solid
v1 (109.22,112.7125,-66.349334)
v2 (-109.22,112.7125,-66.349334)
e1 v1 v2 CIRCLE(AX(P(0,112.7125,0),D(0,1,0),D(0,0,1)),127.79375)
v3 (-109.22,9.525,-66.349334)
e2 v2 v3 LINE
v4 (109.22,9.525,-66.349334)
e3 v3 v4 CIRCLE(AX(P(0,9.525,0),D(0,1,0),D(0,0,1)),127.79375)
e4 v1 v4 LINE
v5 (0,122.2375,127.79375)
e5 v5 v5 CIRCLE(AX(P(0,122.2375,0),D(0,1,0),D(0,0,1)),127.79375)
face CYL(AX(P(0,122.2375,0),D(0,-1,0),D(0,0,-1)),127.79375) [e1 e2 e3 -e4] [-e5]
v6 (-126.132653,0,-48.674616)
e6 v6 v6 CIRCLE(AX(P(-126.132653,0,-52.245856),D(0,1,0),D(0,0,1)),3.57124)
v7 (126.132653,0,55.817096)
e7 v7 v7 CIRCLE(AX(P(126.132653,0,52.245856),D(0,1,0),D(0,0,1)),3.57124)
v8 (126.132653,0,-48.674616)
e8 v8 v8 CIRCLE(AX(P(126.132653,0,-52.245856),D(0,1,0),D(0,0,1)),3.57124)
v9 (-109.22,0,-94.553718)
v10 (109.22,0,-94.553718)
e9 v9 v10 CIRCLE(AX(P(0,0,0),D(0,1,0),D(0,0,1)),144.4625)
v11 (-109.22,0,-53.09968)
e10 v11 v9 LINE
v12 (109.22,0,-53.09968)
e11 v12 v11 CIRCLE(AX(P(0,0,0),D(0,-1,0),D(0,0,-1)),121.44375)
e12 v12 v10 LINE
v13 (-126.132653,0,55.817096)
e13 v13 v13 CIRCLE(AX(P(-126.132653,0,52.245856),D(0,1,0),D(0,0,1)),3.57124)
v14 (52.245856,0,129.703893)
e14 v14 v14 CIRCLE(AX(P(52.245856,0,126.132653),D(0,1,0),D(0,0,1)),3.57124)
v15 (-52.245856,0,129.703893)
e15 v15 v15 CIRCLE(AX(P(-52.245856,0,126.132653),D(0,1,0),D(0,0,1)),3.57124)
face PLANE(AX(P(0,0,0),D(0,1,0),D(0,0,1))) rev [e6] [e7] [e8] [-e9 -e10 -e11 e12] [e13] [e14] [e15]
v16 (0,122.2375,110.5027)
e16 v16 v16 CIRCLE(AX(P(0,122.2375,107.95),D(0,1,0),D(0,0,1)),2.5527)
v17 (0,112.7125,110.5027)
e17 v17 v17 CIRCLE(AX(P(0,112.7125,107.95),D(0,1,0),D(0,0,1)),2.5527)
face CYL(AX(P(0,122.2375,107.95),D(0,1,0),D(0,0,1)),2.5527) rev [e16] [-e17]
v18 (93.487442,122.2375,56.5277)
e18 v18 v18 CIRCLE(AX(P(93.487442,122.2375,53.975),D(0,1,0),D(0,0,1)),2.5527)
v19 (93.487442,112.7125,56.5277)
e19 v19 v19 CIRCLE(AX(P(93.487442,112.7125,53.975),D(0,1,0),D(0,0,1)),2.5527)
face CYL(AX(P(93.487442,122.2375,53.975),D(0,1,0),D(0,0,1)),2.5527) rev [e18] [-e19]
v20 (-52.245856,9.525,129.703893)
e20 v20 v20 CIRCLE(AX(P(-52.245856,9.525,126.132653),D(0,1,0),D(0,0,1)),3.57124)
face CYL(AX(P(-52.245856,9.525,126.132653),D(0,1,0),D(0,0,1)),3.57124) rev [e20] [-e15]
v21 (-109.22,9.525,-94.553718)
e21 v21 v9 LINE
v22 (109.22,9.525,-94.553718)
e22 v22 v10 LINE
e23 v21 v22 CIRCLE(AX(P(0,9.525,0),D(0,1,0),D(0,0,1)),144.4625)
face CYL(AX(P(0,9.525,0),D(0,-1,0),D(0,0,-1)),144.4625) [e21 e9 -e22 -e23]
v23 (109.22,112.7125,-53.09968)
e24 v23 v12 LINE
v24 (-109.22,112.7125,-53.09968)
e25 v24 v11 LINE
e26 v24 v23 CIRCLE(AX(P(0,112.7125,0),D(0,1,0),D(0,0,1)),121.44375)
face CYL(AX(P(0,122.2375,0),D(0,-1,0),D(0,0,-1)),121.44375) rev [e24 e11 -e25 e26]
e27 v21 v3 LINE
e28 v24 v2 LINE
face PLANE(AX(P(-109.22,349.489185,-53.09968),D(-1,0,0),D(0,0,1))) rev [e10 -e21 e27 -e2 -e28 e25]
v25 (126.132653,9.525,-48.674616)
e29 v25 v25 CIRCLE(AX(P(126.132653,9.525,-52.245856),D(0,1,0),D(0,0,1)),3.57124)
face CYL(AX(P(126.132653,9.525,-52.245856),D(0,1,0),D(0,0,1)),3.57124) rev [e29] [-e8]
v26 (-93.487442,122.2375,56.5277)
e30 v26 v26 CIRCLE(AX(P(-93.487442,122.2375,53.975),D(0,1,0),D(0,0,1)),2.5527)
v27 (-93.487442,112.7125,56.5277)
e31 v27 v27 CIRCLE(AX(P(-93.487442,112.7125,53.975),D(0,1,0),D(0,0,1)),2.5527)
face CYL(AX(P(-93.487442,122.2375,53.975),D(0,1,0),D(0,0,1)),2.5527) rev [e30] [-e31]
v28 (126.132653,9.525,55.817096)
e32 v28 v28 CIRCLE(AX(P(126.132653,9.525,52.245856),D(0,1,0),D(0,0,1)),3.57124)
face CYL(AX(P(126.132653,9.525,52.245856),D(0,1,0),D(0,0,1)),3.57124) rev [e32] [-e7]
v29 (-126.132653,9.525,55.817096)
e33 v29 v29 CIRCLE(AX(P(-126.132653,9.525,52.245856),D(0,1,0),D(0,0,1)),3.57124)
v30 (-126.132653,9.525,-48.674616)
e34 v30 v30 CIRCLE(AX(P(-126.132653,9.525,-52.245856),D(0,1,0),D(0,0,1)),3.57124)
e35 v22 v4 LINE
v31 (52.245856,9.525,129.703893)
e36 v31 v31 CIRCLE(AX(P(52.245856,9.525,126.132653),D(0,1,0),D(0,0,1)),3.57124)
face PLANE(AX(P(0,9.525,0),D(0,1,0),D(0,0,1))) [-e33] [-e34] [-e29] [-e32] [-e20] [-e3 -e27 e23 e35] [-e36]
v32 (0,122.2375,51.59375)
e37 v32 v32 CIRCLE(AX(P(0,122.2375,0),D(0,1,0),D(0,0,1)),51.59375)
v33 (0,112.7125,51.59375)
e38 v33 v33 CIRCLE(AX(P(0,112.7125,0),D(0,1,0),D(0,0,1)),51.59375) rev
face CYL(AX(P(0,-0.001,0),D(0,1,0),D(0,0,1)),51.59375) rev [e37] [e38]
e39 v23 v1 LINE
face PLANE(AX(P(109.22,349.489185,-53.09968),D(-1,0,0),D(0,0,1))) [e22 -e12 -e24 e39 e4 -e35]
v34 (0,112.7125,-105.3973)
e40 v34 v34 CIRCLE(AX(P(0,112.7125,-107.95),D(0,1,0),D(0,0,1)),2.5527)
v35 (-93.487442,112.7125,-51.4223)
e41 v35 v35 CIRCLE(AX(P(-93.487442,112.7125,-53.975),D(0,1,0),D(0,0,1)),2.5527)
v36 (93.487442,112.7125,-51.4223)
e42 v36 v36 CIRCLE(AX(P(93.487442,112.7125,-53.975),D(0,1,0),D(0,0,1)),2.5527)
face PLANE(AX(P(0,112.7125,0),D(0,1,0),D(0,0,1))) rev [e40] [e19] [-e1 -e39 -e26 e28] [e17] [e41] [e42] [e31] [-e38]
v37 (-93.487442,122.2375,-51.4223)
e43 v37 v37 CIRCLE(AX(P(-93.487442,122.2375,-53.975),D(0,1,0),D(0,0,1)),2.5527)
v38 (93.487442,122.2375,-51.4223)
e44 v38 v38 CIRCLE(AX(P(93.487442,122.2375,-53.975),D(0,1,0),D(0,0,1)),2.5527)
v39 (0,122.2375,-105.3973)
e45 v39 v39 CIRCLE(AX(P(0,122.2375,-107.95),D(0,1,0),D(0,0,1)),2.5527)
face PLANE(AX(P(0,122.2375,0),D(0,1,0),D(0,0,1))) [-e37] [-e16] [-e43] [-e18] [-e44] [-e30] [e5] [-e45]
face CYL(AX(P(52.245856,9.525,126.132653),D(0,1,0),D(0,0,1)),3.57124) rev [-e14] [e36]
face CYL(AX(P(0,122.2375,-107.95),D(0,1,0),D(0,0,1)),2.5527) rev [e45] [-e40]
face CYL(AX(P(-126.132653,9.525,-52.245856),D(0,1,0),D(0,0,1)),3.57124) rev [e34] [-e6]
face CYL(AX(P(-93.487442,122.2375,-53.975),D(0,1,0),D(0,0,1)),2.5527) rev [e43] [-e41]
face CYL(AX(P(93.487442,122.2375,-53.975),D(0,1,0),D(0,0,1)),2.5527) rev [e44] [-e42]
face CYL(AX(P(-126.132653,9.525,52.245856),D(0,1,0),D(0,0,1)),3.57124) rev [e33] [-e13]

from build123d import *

# Parameters (mm, degrees)
SKETCH1_R                   = 144.4625
BOSS_EXTRUDE1_DEPTH         = 9.525
F_1_4_CLEARANCE_HOLE1_D     = 7.14248
SKETCH4_R                   = 127.79375
SKETCH4_R_2                 = 121.44375
BOSS_EXTRUDE2_DEPTH         = 112.7125
BOSS_EXTRUDE3_START         = -9.525
SKETCH5_R                   = 121.44375
BOSS_EXTRUDE3_DEPTH         = 9.525
CUT_EXTRUDE1_REACH          = 240.077
SKETCH6_R                   = 121.44375
CUT_EXTRUDE2_REACH          = 240.077
SKETCH7_R                   = 51.59375
SKETCH10_W                  = 218.44
SKETCH10_H                  = 91.362820019
CUT_EXTRUDE3_DEPTH          = 112.7125
TAP_DRILL_FOR_1_4_20_TAP1_D = 5.1054


with BuildPart() as part:
    # Sketch1 → Boss-Extrude1 (new body)
    with BuildSketch(Plane(origin=(0, 0, 0), x_dir=(1, 0, 0), z_dir=(0, 1, 0))):
        with Locations(Location((0, 0, 0), (0, 0, 90))):
            Circle(SKETCH1_R)
    extrude(amount=BOSS_EXTRUDE1_DEPTH)

    # 1/4 Clearance Hole1 (through all)
    with Locations(Plane(origin=(0, 9.525, 0), x_dir=(1, 0, 0), z_dir=(0, 1, 0))):
        with Locations((0, 136.525), (-52.245855604, 126.132653176), (52.245855604, 126.132653176), (126.132653176, 52.245855604), (126.132653176, -52.245855604), (52.245855604, -126.132653176), (-52.245855604, -126.132653176), (-126.132653176, -52.245855604), (-126.132653176, 52.245855604)):
            Hole(F_1_4_CLEARANCE_HOLE1_D / 2)

    # Sketch4 → Boss-Extrude2 (add)
    with BuildSketch(Plane(origin=(0, 9.525, 0), x_dir=(1, 0, 0), z_dir=(0, 1, 0))):
        with Locations(Location((0, 0, 0), (0, 0, 90))):
            Circle(SKETCH4_R)
        with Locations(Location((0, 0, 0), (0, 0, 90))):
            Circle(SKETCH4_R_2, mode=Mode.SUBTRACT)
    extrude(amount=BOSS_EXTRUDE2_DEPTH)

    # Sketch5 → Boss-Extrude3 (add)
    with BuildSketch(Plane(origin=(0, 122.2375, 0), x_dir=(1, 0, 0), z_dir=(0, 1, 0)).offset(BOSS_EXTRUDE3_START)):
        with Locations(Location((0, 0, 0), (0, 0, 90))):
            Circle(SKETCH5_R)
    extrude(amount=BOSS_EXTRUDE3_DEPTH)

    # Sketch6 → Cut-Extrude1 (cut, up to next)
    with BuildSketch(Plane.XZ, mode=Mode.PRIVATE) as cut_extrude1_sk1:
        with Locations(Location((0, 0, 0), (0, 0, 270))):
            Circle(SKETCH6_R)
    cut_extrude1_tool1 = extrude(cut_extrude1_sk1.sketch, amount=-CUT_EXTRUDE1_REACH, mode=Mode.PRIVATE) & part.part
    add(cut_extrude1_tool1.solids().sort_by_distance((0, 0, 0))[0], mode=Mode.SUBTRACT)

    # Sketch7 → Cut-Extrude2 (cut, up to next)
    with BuildSketch(Plane(origin=(0, 122.2375, 0), x_dir=(1, 0, 0), z_dir=(0, 1, 0)), mode=Mode.PRIVATE) as cut_extrude2_sk1:
        with Locations(Location((0, 0, 0), (0, 0, 270))):
            Circle(SKETCH7_R)
    cut_extrude2_tool1 = extrude(cut_extrude2_sk1.sketch, amount=-CUT_EXTRUDE2_REACH, mode=Mode.PRIVATE) & part.part
    add(cut_extrude2_tool1.solids().sort_by_distance((0, 122.2375, 0))[0], mode=Mode.SUBTRACT)

    # Sketch10 → Cut-Extrude3 (cut)
    with BuildSketch(Plane(origin=(0, 0, 0), x_dir=(1, 0, 0), z_dir=(0, 1, 0))):
        with Locations((0, 98.781089991)):
            Rectangle(SKETCH10_W, SKETCH10_H)
    extrude(amount=CUT_EXTRUDE3_DEPTH, mode=Mode.SUBTRACT)

    # Tap Drill for 1/4-20 Tap1 (through all)
    with Locations(Plane(origin=(0, 122.2375, 0), x_dir=(1, 0, 0), z_dir=(0, 1, 0))):
        with Locations((93.487442339, -53.975), (0, -107.95), (-93.487442339, -53.975), (-93.487442339, 53.975), (0, 107.95), (93.487442339, 53.975)):
            Hole(TAP_DRILL_FOR_1_4_20_TAP1_D / 2)


solid = part.part
